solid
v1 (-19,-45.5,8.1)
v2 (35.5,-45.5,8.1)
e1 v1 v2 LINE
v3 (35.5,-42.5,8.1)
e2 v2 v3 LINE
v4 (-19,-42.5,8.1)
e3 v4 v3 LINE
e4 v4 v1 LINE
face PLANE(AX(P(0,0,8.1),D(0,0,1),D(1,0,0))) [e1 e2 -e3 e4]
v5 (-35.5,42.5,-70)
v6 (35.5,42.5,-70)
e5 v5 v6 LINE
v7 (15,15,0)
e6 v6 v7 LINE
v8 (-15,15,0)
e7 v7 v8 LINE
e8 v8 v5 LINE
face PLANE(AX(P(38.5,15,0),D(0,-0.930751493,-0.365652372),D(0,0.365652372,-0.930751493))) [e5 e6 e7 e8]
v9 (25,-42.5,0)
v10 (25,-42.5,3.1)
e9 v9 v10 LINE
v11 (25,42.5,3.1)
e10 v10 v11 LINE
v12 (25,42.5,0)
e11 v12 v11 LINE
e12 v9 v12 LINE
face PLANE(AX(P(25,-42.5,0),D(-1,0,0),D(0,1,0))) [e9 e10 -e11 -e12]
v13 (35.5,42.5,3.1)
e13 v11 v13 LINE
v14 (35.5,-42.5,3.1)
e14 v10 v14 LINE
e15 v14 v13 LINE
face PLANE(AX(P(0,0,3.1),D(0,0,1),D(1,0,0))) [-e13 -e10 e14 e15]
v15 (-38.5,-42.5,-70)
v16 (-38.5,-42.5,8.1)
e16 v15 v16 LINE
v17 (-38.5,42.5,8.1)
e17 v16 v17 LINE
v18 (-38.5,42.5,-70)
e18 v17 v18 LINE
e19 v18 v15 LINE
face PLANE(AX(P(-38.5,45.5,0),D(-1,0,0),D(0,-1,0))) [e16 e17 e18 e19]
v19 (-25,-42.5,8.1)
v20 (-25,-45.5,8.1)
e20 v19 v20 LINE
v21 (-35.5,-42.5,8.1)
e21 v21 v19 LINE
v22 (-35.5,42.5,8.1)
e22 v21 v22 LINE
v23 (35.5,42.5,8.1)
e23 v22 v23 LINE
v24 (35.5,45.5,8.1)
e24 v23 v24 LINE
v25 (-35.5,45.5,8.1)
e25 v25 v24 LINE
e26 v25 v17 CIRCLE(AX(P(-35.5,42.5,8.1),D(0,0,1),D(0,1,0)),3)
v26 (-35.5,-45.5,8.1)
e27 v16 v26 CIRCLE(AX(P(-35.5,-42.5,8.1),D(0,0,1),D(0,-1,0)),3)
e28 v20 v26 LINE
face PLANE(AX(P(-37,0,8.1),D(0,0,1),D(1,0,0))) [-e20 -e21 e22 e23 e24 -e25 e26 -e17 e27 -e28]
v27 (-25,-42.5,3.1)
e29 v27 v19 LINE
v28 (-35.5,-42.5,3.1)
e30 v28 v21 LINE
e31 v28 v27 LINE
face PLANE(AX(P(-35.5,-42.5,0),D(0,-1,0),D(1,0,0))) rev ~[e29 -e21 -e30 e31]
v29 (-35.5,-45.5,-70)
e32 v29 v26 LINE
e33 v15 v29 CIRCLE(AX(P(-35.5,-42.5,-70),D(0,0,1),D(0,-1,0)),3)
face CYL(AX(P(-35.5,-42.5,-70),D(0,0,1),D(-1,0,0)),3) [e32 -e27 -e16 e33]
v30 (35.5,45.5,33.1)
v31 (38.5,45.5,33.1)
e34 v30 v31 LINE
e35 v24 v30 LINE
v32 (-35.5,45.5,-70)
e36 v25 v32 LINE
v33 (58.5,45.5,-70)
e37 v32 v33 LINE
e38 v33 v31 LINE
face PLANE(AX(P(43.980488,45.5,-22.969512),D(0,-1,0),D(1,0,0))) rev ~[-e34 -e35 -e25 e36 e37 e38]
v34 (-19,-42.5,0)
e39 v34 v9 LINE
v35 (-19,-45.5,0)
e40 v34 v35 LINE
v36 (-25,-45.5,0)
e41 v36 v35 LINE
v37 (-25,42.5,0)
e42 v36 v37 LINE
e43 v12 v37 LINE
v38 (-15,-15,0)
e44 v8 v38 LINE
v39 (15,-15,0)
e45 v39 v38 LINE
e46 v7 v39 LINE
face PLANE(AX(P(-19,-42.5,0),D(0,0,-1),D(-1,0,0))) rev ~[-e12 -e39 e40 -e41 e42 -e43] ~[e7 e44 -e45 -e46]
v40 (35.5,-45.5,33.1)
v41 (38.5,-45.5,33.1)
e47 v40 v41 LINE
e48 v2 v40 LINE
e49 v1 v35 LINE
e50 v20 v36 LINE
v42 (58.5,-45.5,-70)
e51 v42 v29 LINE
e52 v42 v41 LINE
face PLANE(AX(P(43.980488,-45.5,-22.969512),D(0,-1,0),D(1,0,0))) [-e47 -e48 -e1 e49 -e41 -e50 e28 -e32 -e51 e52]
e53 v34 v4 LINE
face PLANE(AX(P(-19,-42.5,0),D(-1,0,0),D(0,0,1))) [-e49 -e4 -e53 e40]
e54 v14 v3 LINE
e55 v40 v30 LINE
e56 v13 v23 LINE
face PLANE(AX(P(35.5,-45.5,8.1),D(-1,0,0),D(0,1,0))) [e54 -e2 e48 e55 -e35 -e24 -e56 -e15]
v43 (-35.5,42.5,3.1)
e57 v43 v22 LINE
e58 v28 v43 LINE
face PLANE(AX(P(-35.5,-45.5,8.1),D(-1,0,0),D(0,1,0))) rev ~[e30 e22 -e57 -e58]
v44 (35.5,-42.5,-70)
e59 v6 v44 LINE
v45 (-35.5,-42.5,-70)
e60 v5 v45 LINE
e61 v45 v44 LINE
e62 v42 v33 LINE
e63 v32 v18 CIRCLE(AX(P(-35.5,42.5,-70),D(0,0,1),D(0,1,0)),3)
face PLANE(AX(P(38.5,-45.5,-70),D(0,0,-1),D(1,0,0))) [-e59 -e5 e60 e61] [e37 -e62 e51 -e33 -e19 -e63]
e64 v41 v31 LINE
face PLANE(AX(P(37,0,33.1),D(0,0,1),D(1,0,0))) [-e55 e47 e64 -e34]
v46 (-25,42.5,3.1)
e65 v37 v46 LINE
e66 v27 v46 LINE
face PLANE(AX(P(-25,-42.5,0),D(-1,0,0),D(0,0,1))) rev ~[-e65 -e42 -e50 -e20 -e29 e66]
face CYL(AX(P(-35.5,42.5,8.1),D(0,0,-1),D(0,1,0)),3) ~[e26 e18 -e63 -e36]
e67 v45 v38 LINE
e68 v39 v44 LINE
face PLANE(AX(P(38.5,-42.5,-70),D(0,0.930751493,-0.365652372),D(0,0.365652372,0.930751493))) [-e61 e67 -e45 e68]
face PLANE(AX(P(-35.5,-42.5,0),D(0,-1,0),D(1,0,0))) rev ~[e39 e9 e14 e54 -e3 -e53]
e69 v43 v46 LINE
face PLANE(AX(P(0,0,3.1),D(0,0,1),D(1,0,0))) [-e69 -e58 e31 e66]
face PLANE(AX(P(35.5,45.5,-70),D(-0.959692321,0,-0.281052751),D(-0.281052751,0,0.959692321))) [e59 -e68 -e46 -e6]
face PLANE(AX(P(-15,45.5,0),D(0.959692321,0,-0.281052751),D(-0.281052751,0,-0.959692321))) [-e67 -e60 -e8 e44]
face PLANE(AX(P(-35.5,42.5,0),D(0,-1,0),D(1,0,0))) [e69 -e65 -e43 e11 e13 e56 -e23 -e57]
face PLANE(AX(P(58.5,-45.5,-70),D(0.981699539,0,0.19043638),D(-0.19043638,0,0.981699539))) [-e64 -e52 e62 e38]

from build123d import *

# Parameters (mm, degrees)
F0_W      = 77
F0_H      = 91
F0_W_2    = 50
F0_H_2    = 85
F1_DEPTH  = 3.1
F2_W      = 77
F2_H      = 91
F2_W_2    = 71
F2_H_2    = 85
F3_DEPTH  = 5
F4_W      = 3
F4_H      = 91
F5_DEPTH  = 25
F6_W      = 77
F6_H      = 91
F6_W_2    = 71
F6_H_2    = 85
F7_DEPTH  = 70
F9_DEPTH  = 91
F11_DEPTH = 77
F12_W     = 6
F12_H     = 8.1
F13_DEPTH = 4
F15_DEPTH = 91
F16_W     = 3
F16_H     = 91
F17_DEPTH = 25
F18_R     = 3


with BuildPart() as f1:
    # F0 (on Top) → F1 (new body)
    with BuildSketch(Plane.XY):
        Rectangle(F0_W, F0_H)
        Rectangle(F0_W_2, F0_H_2, mode=Mode.SUBTRACT)
    extrude(amount=F1_DEPTH)

    # F2 (on face) → F3 (join)
    with BuildSketch(Plane.XY.offset(3.1)):
        Rectangle(F2_W, F2_H)
        Rectangle(F2_W_2, F2_H_2, mode=Mode.SUBTRACT)
    extrude(amount=F3_DEPTH)

    # F4 (on face) → F5 (join)
    with BuildSketch(Plane.XY.offset(8.1)):
        with Locations((-37, 0)):
            Rectangle(F4_W, F4_H)
        with Locations((37, 0)):
            Rectangle(F4_W, F4_H)
    extrude(amount=F5_DEPTH)

    # F6 (on face) → F7 (join)
    with BuildSketch(Plane(origin=(0, 0, 0), x_dir=(1, 0, 0), z_dir=(0, 0, -1))):
        Rectangle(F6_W, F6_H)
        Rectangle(F6_W_2, F6_H_2, mode=Mode.SUBTRACT)
    extrude(amount=F7_DEPTH)

    # F8 (on face) → F9 (join)
    with BuildSketch(Plane(origin=(0, 45.5, 0), x_dir=(-1, 0, 0), z_dir=(0, 1, 0))):
        Polygon((38.5, -70), (38.5, 0), (15, 0), (35.5, -70), align=None)
        Polygon((-15, 0), (-38.5, 0), (-38.5, -70), (-35.5, -70), align=None)
    extrude(amount=-F9_DEPTH)

    # F10 (on face) → F11 (join)
    with BuildSketch(Plane.YZ.offset(38.5)):
        Polygon((45.5, -70), (45.5, 0), (15, 0), (42.5, -70), align=None)
        Polygon((-15, 0), (-45.5, 0), (-45.5, -70), (-42.5, -70), align=None)
    extrude(amount=-F11_DEPTH)

    # F12 (on face) → F13 (cut)
    with BuildSketch(Plane(origin=(0, -42.5, 0), x_dir=(-1, 0, 0), z_dir=(0, 1, 0))):
        with Locations((22, 4.05)):
            Rectangle(F12_W, F12_H)
    extrude(amount=-F13_DEPTH, mode=Mode.SUBTRACT)

    # F14 (on face) → F15 (join)
    with BuildSketch(Plane.XZ.offset(45.5)):
        Polygon((58.5, -70), (38.5, 33.1), (38.5, -70), align=None)
    extrude(amount=-F15_DEPTH)

    # F16 (on face) → F17 (cut)
    with BuildSketch(Plane.XY.offset(33.1)):
        with Locations((-37, 0)):
            Rectangle(F16_W, F16_H)
    extrude(amount=-F17_DEPTH, mode=Mode.SUBTRACT)

    # F18
    f18_edges = [f1.edges().sort_by_distance(p)[0] for p in [
        (-38.5, -45.5, -30.95),
        (-38.5, 45.5, -30.95),
    ]]
    fillet(f18_edges, radius=F18_R)


solid = f1.part
